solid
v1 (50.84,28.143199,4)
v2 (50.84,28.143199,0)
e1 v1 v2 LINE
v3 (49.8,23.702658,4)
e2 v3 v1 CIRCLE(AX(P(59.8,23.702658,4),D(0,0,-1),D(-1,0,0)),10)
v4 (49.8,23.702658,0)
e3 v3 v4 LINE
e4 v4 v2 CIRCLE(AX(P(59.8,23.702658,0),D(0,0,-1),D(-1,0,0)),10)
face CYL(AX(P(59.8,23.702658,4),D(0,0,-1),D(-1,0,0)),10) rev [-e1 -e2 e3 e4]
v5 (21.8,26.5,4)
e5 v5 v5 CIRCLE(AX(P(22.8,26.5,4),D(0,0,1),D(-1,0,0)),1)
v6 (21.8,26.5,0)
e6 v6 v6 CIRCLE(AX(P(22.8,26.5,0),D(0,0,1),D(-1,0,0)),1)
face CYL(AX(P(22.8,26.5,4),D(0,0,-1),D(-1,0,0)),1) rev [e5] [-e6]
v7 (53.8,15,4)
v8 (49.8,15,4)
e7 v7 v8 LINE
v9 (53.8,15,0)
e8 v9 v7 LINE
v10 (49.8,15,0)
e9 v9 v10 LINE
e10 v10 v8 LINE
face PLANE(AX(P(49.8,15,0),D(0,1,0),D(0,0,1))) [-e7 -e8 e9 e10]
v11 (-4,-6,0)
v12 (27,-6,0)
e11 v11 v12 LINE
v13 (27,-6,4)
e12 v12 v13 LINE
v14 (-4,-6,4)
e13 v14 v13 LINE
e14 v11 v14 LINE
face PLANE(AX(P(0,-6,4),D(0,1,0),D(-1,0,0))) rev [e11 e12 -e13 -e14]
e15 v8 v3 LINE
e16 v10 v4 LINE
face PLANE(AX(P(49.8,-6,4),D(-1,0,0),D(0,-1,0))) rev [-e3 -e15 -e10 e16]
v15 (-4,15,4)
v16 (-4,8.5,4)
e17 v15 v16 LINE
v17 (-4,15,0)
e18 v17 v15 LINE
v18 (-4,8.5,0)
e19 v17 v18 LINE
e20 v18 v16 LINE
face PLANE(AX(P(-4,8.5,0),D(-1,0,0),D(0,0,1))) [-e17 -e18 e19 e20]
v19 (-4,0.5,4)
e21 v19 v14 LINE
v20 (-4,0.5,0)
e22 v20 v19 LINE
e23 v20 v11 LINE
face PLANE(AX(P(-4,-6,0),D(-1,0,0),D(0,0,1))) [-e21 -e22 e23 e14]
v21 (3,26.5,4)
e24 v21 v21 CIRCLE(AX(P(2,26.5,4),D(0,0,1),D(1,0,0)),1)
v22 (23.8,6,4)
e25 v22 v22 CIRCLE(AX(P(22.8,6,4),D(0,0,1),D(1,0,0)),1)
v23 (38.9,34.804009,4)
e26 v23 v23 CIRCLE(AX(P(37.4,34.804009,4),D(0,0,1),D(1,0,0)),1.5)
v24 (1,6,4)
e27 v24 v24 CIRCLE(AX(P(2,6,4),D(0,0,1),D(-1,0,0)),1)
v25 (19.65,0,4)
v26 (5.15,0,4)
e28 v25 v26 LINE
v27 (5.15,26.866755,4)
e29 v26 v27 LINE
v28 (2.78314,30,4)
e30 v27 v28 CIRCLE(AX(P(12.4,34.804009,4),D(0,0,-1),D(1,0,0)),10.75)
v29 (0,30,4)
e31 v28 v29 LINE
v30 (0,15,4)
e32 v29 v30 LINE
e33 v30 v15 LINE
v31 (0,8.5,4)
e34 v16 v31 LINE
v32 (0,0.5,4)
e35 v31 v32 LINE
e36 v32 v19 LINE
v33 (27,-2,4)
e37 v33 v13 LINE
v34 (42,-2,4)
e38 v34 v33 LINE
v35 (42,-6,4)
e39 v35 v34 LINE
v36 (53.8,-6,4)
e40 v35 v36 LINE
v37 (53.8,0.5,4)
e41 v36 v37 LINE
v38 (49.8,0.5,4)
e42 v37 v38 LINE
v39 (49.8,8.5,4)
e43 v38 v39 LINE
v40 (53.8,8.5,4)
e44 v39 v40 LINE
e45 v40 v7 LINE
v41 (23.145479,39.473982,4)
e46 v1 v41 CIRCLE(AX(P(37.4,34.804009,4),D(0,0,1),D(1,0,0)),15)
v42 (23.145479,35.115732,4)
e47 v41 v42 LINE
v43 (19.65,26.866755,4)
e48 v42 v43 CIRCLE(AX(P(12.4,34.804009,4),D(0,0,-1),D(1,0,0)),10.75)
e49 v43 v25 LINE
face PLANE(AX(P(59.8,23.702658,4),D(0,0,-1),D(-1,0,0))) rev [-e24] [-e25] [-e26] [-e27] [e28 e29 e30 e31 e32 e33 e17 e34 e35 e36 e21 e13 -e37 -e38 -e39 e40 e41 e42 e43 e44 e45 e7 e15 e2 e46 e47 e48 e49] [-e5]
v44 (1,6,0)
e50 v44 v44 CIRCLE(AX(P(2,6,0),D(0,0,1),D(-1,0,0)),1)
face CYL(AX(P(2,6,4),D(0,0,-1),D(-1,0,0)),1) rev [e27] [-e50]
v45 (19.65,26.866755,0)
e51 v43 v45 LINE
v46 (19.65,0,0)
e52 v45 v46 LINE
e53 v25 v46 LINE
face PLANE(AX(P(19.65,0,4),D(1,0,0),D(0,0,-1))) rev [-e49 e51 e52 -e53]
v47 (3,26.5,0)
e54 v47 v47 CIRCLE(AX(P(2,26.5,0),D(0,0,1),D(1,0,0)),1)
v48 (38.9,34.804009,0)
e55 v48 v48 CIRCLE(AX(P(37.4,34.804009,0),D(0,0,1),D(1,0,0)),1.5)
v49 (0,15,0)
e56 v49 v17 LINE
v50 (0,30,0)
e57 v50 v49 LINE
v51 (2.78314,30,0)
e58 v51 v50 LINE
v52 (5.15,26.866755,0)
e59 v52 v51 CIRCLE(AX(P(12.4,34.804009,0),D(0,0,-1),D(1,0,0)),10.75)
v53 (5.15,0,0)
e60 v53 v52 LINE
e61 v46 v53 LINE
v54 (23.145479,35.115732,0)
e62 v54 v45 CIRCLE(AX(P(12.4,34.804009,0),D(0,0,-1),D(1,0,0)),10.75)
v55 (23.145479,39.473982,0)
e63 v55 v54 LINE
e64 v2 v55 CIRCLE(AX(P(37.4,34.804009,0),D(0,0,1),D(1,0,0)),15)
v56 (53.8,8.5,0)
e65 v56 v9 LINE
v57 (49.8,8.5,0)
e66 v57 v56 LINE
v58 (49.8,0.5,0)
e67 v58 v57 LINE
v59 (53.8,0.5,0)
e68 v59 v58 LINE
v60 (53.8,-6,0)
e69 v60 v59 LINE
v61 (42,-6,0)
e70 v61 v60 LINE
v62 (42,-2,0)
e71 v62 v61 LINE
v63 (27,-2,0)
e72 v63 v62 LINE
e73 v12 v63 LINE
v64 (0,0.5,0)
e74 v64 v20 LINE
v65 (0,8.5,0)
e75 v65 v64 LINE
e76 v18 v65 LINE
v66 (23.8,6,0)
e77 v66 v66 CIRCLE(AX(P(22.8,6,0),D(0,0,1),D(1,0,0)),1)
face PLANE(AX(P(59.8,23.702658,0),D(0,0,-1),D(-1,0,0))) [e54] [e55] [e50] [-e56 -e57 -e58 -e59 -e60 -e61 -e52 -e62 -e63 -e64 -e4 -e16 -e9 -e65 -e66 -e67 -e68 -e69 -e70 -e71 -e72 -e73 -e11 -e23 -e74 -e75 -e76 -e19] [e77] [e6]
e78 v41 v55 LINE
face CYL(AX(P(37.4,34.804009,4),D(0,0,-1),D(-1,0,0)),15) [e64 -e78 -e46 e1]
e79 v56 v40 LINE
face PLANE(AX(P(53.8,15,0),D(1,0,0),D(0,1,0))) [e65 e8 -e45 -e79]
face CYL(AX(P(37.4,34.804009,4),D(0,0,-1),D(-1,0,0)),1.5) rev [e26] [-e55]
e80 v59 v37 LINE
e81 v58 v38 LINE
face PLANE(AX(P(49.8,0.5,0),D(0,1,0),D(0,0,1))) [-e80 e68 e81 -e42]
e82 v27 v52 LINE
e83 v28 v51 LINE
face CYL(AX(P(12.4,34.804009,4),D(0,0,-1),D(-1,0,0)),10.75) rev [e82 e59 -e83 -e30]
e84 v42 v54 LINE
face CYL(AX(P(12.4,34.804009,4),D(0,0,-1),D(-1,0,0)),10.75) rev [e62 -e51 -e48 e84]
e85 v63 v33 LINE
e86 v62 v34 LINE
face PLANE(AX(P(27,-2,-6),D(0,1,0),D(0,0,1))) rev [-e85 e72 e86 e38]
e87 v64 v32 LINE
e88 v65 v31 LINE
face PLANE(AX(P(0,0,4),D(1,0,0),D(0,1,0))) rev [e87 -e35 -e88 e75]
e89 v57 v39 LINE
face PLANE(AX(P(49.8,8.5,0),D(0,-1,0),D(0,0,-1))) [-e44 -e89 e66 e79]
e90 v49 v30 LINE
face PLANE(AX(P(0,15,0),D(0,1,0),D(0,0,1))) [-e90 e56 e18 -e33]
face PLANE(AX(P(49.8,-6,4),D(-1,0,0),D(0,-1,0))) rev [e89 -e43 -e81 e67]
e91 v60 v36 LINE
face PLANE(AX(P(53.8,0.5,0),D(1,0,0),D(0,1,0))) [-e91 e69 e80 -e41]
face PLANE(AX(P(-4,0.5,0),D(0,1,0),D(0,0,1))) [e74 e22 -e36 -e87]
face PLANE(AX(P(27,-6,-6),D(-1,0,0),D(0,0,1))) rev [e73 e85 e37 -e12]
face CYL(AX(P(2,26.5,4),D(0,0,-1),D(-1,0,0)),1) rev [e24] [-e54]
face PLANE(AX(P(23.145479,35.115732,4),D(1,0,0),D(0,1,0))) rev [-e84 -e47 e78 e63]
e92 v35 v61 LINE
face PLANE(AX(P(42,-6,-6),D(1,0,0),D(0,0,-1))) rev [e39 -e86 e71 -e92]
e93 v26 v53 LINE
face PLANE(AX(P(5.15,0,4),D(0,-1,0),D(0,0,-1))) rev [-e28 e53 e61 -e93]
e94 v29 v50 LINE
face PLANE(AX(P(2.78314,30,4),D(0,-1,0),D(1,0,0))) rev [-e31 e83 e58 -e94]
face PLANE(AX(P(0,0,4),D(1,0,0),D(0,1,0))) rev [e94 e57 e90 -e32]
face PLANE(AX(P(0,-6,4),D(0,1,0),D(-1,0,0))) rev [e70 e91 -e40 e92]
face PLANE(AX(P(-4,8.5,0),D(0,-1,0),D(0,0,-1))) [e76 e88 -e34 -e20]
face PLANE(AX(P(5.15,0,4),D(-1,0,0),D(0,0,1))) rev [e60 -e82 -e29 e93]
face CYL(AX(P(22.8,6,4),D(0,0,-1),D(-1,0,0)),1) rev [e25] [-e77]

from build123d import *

# Parameters (mm, degrees)
SKETCH_1_R          = 1
SKETCH_1_R_2        = 1.5
EXTRUDE_1_DEPTH     = 4
SKETCH_2_W          = 15
SKETCH_2_H          = 4
CUT_EXTRUDE_1_DEPTH = 10
SKETCH_3_W          = 4
SKETCH_3_H          = 6.5
EXTRUDE_2_DEPTH     = 4


with BuildPart() as part:
    # Эскиз1 → Бобышка-Вытянуть1 (new body)
    with BuildSketch(Plane.XY):
        with BuildLine():
            Line((0, 0), (0, 30))
            Line((0, 30), (2.783140074, 30))
            ThreePointArc((2.783140074, 30), (3.822293637, 28.324390962), (5.15, 26.866755347))
            Line((5.15, 26.866755347), (5.15, 0))
            Line((5.15, 0), (19.65, 0))
            Line((19.65, 0), (19.65, 26.866755347))
            ThreePointArc((19.65, 26.866755347), (22.29801609, 30.609753984), (23.145479479, 35.115731548))
            Line((23.145479479, 35.115731548), (23.145479479, 39.473981947))
            ThreePointArc((23.145479479, 39.473981947), (43.080010933, 48.687001602), (50.84, 28.143198519))
            ThreePointArc((50.84, 28.143198519), (50.063470844, 25.983008862), (49.8, 23.702658011))
            Line((49.8, 23.702658011), (49.8, -6))
            Line((49.8, -6), (0, -6))
            Line((0, -6), (0, 0))
        make_face()
        with Locations((2, 26.5)):
            Circle(SKETCH_1_R, mode=Mode.SUBTRACT)
        with Locations(Location((22.8, 26.5, 0), (0, 0, 180))):
            Circle(SKETCH_1_R, mode=Mode.SUBTRACT)
        with Locations((22.8, 6)):
            Circle(SKETCH_1_R, mode=Mode.SUBTRACT)
        with Locations(Location((2, 6, 0), (0, 0, 180))):
            Circle(SKETCH_1_R, mode=Mode.SUBTRACT)
        with Locations((37.4, 34.80400928)):
            Circle(SKETCH_1_R_2, mode=Mode.SUBTRACT)
    extrude(amount=EXTRUDE_1_DEPTH)

    # Эскиз2 → Вырез-Вытянуть1 (cut)
    with BuildSketch(Plane.XY.offset(4)):
        with Locations((34.5, -4)):
            Rectangle(SKETCH_2_W, SKETCH_2_H)
    extrude(amount=-CUT_EXTRUDE_1_DEPTH, mode=Mode.SUBTRACT)

    # Эскиз3 → Бобышка-Вытянуть2 (add)
    with BuildSketch(Plane.XY.offset(4)):
        with Locations((-2, -2.75)):
            Rectangle(SKETCH_3_W, SKETCH_3_H)
        with Locations((-2, 11.75)):
            Rectangle(SKETCH_3_W, SKETCH_3_H)
        with Locations((51.8, 11.75)):
            Rectangle(SKETCH_3_W, SKETCH_3_H)
        with Locations((51.8, -2.75)):
            Rectangle(SKETCH_3_W, SKETCH_3_H)
    extrude(amount=-EXTRUDE_2_DEPTH)


solid = part.part
